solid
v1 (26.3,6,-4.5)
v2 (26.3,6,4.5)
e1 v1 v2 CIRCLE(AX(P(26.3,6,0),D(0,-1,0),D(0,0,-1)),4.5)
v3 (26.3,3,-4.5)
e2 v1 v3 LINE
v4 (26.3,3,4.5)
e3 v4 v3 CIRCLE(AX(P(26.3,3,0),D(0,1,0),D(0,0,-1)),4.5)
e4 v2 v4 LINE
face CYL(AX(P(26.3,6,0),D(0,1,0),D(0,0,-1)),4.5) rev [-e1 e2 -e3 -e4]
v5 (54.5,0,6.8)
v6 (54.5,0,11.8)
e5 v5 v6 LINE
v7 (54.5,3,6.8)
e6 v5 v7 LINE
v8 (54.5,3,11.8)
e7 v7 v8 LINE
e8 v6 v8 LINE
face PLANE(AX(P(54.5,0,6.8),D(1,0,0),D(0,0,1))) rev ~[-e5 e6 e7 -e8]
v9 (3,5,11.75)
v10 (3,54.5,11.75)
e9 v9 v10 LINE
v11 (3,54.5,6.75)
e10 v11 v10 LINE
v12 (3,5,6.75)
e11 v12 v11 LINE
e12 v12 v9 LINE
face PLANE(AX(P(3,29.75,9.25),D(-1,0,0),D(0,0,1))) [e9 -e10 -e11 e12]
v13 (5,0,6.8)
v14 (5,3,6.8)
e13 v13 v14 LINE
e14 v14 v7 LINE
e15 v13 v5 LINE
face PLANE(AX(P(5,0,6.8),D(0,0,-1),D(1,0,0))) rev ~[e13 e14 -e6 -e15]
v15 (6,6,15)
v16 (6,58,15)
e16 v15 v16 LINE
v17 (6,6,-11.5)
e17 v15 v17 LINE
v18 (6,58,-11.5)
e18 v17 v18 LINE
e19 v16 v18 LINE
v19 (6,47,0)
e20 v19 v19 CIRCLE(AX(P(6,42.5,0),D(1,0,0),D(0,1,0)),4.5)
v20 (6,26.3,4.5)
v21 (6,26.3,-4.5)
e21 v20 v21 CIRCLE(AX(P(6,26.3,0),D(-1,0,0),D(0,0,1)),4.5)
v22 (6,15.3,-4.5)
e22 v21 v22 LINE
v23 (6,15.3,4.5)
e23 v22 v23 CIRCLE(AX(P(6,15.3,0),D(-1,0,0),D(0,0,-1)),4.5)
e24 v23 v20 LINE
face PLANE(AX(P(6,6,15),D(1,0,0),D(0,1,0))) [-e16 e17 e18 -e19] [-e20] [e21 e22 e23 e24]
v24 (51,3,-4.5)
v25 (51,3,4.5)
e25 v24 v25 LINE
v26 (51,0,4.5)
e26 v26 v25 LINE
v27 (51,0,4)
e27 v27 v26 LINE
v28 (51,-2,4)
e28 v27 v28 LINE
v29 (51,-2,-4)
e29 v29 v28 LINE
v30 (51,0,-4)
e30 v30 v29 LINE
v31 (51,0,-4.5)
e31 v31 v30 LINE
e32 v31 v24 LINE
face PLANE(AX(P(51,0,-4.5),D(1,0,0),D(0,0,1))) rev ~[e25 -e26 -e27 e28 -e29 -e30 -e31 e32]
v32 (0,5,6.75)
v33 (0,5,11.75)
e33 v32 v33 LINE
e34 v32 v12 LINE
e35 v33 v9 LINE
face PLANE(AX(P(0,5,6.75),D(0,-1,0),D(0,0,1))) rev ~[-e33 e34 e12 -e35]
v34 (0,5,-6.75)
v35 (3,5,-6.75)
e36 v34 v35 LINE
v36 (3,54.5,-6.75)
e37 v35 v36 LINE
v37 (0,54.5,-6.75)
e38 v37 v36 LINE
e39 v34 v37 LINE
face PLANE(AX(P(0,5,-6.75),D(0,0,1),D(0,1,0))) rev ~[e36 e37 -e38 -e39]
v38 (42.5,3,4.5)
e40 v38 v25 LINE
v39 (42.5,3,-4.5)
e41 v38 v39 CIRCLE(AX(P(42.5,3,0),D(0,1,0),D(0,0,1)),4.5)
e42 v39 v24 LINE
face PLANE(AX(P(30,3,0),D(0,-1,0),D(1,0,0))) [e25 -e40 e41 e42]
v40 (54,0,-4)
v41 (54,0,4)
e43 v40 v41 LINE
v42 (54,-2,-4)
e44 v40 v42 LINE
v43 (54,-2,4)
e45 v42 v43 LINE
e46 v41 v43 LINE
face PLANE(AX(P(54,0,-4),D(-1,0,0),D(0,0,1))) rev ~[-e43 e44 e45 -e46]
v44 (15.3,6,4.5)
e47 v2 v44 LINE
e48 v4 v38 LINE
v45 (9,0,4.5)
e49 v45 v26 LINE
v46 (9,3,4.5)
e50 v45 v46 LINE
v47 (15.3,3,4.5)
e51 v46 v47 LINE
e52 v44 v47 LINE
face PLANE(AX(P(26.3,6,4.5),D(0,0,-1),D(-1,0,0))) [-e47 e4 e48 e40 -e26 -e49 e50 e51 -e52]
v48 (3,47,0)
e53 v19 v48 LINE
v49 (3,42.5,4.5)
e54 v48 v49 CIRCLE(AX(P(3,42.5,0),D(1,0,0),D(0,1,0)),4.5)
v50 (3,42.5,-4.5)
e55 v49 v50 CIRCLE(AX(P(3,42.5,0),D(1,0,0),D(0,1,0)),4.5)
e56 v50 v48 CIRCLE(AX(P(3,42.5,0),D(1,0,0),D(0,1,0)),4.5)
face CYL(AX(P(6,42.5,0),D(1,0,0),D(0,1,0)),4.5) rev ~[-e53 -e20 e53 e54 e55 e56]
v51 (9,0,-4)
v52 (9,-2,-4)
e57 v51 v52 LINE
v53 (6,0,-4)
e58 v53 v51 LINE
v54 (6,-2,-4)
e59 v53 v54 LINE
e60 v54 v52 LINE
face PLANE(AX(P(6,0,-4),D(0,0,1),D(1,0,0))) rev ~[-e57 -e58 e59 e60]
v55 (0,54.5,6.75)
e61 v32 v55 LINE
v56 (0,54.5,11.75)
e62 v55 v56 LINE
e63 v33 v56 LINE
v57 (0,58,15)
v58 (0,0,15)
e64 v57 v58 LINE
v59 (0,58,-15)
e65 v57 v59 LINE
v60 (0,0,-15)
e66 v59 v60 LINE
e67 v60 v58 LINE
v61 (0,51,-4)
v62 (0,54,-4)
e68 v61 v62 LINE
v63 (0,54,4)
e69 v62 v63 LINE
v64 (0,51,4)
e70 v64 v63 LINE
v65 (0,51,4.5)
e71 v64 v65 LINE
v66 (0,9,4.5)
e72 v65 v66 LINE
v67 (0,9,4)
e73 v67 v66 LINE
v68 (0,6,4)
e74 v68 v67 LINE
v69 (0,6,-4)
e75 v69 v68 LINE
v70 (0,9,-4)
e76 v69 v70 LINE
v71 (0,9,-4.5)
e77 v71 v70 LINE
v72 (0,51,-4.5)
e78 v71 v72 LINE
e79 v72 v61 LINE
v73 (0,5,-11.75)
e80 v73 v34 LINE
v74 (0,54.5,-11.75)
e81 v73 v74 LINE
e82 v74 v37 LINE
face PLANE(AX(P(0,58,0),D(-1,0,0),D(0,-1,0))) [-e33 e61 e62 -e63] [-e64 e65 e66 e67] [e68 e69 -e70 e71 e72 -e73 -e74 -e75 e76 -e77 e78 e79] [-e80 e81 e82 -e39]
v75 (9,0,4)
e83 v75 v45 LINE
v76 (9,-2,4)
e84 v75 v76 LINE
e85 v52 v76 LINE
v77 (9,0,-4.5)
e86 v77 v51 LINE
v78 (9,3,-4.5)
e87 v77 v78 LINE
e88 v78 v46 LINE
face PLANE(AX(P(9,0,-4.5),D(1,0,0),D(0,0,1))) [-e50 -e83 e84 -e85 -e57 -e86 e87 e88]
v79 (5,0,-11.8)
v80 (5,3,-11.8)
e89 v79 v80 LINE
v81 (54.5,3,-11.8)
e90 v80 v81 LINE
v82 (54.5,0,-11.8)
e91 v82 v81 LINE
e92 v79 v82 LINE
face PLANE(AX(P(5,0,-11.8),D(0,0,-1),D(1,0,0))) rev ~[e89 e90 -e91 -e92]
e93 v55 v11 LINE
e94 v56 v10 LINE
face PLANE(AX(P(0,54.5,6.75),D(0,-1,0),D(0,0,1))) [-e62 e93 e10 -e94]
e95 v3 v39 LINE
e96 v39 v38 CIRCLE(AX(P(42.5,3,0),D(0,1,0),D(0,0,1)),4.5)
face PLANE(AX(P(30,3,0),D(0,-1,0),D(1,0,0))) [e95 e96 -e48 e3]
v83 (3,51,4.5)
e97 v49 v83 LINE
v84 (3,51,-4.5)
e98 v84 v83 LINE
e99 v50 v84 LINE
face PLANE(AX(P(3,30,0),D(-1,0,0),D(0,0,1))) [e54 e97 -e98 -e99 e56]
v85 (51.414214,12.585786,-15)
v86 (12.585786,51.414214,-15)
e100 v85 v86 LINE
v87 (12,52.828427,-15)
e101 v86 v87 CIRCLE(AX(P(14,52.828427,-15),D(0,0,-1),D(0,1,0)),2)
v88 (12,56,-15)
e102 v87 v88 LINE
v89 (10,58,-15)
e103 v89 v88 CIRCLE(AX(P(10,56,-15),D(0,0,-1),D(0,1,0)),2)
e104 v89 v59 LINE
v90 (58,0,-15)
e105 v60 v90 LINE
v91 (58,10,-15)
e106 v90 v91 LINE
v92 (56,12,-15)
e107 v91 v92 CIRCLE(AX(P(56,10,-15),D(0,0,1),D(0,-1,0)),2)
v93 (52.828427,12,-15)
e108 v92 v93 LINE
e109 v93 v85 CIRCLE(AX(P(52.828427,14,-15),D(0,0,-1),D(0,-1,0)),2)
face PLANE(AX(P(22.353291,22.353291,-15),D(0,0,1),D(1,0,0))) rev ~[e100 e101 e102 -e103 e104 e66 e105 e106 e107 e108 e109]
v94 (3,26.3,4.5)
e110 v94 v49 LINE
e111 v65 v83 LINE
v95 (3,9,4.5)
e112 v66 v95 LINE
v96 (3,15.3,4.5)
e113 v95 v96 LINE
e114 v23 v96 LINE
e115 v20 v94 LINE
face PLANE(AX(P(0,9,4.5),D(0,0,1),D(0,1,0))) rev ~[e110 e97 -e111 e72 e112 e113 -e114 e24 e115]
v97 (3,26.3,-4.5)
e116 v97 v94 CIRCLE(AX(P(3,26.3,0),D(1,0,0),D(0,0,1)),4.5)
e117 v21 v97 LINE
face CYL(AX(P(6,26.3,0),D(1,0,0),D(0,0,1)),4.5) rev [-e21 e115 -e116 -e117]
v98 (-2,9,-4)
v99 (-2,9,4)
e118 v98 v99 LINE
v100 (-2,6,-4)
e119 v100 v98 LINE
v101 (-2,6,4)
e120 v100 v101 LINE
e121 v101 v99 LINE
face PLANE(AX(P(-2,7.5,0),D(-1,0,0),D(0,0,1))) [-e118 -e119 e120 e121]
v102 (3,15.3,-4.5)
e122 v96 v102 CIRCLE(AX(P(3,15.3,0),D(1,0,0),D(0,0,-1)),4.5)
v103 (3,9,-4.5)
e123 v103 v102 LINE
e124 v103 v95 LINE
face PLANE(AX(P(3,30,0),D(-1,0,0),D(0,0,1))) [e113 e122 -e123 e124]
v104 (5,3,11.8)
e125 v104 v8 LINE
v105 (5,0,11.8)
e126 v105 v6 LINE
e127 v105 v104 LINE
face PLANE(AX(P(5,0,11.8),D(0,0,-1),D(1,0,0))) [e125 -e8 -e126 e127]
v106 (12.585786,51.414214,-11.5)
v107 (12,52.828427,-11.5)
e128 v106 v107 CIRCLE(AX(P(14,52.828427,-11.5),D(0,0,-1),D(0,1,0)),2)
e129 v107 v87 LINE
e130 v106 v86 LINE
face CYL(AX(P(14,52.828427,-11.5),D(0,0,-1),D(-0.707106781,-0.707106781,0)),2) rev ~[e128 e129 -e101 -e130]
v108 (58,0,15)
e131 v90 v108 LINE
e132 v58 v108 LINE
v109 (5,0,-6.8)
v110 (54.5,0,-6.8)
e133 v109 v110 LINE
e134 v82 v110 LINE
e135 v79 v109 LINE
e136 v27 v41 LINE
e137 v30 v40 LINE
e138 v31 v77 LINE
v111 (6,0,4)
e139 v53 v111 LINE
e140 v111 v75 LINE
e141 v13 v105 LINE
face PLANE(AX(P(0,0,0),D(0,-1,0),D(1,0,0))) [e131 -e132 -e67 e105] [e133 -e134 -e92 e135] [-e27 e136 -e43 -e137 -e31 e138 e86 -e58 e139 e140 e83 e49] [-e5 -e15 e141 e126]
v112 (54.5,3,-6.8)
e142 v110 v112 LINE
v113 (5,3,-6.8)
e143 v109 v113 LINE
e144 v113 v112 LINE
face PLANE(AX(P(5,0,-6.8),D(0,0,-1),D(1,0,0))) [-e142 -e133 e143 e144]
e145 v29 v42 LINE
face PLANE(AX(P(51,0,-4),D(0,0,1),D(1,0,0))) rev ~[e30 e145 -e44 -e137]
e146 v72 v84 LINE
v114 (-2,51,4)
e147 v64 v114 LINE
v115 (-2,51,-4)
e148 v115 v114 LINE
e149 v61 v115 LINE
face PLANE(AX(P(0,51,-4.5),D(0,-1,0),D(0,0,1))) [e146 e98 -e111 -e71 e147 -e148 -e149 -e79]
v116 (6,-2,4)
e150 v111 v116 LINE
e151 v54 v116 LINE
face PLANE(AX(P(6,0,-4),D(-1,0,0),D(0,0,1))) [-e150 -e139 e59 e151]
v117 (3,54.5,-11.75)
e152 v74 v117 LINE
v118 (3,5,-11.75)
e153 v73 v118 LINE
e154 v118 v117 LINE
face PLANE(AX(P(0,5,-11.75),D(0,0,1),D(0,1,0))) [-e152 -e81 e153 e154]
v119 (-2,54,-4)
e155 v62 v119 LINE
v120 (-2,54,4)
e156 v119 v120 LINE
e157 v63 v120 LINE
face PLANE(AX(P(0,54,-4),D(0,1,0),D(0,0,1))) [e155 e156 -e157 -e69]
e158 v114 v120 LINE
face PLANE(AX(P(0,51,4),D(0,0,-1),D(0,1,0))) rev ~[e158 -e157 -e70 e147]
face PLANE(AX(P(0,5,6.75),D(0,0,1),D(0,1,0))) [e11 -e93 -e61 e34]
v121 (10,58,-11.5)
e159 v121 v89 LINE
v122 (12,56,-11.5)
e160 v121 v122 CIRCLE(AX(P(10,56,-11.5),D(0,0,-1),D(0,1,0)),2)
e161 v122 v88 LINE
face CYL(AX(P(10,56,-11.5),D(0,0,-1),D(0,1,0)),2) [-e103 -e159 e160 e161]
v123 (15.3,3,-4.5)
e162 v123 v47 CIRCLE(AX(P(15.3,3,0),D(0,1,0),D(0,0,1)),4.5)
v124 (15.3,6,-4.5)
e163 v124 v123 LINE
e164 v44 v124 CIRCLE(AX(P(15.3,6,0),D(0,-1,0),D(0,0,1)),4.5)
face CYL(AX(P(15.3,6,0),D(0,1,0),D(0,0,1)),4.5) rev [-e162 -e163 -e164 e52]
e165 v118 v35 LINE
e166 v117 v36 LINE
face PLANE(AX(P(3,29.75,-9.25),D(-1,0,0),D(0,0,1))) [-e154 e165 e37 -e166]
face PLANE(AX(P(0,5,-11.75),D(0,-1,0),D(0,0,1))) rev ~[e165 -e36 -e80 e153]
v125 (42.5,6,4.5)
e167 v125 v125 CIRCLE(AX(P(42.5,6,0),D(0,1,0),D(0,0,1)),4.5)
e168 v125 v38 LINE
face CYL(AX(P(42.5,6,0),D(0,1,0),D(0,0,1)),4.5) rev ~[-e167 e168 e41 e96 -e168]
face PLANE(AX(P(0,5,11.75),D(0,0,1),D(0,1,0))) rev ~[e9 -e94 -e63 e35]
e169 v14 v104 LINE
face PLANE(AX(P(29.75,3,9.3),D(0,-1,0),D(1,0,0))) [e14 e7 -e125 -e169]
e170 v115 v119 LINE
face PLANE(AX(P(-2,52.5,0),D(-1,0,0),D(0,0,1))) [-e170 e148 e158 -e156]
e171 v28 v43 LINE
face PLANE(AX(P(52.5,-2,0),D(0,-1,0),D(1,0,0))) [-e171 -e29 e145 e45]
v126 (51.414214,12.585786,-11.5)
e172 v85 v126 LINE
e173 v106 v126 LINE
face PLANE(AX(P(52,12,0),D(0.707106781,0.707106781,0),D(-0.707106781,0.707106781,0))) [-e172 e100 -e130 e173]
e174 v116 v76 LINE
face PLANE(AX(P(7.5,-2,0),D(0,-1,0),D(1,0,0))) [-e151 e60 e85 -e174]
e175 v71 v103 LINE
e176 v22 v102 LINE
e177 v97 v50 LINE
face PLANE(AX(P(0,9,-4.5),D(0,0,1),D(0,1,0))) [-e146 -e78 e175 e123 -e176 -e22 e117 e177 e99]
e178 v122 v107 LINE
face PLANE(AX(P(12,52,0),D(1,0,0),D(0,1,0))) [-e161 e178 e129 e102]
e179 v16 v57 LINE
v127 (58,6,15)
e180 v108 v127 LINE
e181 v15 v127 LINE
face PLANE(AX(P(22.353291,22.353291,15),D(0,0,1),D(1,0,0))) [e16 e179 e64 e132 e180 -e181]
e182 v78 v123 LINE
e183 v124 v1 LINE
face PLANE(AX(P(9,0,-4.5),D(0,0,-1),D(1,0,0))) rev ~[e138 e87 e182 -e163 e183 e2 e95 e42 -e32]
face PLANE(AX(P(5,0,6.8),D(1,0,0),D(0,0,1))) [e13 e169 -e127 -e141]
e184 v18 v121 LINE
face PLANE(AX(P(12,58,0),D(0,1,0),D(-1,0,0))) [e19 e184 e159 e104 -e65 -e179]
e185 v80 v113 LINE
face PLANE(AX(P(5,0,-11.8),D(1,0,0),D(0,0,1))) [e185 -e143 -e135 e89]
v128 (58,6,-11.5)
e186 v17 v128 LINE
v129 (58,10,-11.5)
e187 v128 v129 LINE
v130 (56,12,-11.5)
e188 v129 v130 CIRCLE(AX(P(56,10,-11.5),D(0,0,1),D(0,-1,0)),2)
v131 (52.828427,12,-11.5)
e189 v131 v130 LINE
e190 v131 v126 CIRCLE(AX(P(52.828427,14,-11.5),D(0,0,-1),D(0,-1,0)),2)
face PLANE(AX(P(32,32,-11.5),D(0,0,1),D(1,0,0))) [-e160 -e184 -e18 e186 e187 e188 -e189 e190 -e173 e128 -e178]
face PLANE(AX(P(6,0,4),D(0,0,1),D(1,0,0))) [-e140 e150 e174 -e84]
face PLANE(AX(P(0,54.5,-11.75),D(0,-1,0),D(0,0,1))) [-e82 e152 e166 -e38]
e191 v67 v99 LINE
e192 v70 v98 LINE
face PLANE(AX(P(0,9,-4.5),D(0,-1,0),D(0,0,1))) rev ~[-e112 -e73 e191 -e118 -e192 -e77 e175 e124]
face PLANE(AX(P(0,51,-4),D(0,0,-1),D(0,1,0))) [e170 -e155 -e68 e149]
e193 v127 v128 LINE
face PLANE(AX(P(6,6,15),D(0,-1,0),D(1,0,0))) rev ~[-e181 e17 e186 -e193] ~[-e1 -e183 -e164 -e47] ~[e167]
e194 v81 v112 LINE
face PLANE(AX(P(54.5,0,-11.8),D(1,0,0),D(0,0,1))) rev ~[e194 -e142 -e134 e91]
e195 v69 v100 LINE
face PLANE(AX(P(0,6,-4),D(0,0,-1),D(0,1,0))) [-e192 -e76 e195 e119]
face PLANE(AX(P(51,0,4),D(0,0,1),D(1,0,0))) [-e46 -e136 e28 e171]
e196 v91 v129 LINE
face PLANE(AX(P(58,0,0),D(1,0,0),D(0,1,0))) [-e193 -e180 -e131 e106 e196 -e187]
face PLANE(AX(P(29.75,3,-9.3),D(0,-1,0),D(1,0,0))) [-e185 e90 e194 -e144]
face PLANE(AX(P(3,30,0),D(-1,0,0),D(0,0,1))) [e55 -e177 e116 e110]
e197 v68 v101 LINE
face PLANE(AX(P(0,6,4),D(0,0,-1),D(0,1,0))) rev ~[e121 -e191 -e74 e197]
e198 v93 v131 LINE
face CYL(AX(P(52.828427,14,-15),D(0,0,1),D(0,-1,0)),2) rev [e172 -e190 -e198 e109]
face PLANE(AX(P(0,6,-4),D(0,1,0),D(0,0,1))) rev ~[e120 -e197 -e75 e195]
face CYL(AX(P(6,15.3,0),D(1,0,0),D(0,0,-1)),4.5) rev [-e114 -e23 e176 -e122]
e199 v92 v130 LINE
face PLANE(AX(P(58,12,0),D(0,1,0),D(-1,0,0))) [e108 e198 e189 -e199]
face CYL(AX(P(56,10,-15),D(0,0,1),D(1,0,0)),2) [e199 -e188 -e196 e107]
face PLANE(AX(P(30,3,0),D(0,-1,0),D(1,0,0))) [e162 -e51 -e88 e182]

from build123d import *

# Parameters (mm, degrees)
EXTRUDE_1_DEPTH      = 15
EXTRUDE_1_DEPTH_BACK = 15
SKETCH_3_W           = 52
SKETCH_3_H           = 52
CUT_EXTRUDE_1_DEPTH  = 26.5
FILLET_1_R           = 2
SKETCH_4_R           = 4.5
CUT_EXTRUDE_2_DEPTH  = 7
SKETCH_5_R           = 4.5
CUT_EXTRUDE_3_DEPTH  = 7
SKETCH_6_W           = 5
SKETCH_6_H           = 49.5
SKETCH_6_W_2         = 9
SKETCH_6_H_2         = 42
CUT_EXTRUDE_4_DEPTH  = 3
SKETCH_7_W           = 49.5
SKETCH_7_H           = 5
SKETCH_7_W_2         = 42
SKETCH_7_H_2         = 9
CUT_EXTRUDE_5_DEPTH  = 3
SKETCH_8_W           = 3
SKETCH_8_H           = 8
EXTRUDE_2_DEPTH      = 2
SKETCH_9_W           = 8
SKETCH_9_H           = 3
EXTRUDE_3_DEPTH      = 2


with BuildPart() as part:
    # Sketch 2 → Extrude 1 (new body, two sides)
    with BuildSketch(Plane.XY) as extrude_1_sk:
        Polygon((0, 58), (0, 0), (58, 0), (58, 12), (52, 12), (12, 52), (12, 58), align=None)
    extrude(amount=EXTRUDE_1_DEPTH)
    extrude(extrude_1_sk.sketch, amount=-EXTRUDE_1_DEPTH_BACK)

    # Sketch 3 → Cut-Extrude 1 (cut)
    with BuildSketch(Plane.XY.offset(15)):
        with Locations((32, 32)):
            Rectangle(SKETCH_3_W, SKETCH_3_H)
    extrude(amount=-CUT_EXTRUDE_1_DEPTH, mode=Mode.SUBTRACT)

    # Fillet 1
    fillet_1_edges = [part.edges().sort_by_distance(p)[0] for p in [
        (12, 58, -13.25),
        (12, 52, -13.25),
        (52, 12, -13.25),
        (58, 12, -13.25),
    ]]
    fillet(fillet_1_edges, radius=FILLET_1_R)

    # Sketch 4 → Cut-Extrude 2 (cut, through all)
    with BuildSketch(Plane(origin=(6, 0, 0), x_dir=(0, 0, -1), z_dir=(1, 0, 0))):
        with Locations(Location((0, 42.5, 0), (0, 0, 90))):  # turned: the seam where the file's is
            Circle(SKETCH_4_R)
        with BuildLine():
            Line((4.5, 26.3), (4.5, 15.3))
            ThreePointArc((4.5, 15.3), (0, 10.8), (-4.5, 15.3))
            Line((-4.5, 15.3), (-4.5, 26.3))
            ThreePointArc((-4.5, 26.3), (0, 30.8), (4.5, 26.3))
        make_face()
    extrude(amount=-CUT_EXTRUDE_2_DEPTH, mode=Mode.SUBTRACT)

    # Sketch 5 → Cut-Extrude 3 (cut, through all)
    with BuildSketch(Plane(origin=(0, 6, 0), x_dir=(1, 0, 0), z_dir=(0, 1, 0))):
        with Locations(Location((42.5, 0, 0), (0, 0, 270))):  # turned: the seam where the file's is
            Circle(SKETCH_5_R)
        with BuildLine():
            Line((15.3, 4.5), (26.3, 4.5))
            ThreePointArc((26.3, 4.5), (30.8, 0), (26.3, -4.5))
            Line((26.3, -4.5), (15.3, -4.5))
            ThreePointArc((15.3, -4.5), (10.8, 0), (15.3, 4.5))
        make_face()
    extrude(amount=-CUT_EXTRUDE_3_DEPTH, mode=Mode.SUBTRACT)

    # Sketch 6 → Cut-Extrude 4 (cut)
    with BuildSketch(Plane.ZY):
        with Locations((-9.25, 29.75)):
            Rectangle(SKETCH_6_W, SKETCH_6_H)
        with Locations((9.25, 29.75)):
            Rectangle(SKETCH_6_W, SKETCH_6_H)
        with Locations((0, 30)):
            Rectangle(SKETCH_6_W_2, SKETCH_6_H_2)
    extrude(amount=-CUT_EXTRUDE_4_DEPTH, mode=Mode.SUBTRACT)

    # Sketch 7 → Cut-Extrude 5 (cut)
    with BuildSketch(Plane.XZ):
        with Locations((29.75, 9.3)):
            Rectangle(SKETCH_7_W, SKETCH_7_H)
        with Locations((29.75, -9.3)):
            Rectangle(SKETCH_7_W, SKETCH_7_H)
        with Locations((30, 0)):
            Rectangle(SKETCH_7_W_2, SKETCH_7_H_2)
    extrude(amount=-CUT_EXTRUDE_5_DEPTH, mode=Mode.SUBTRACT)

    # Sketch 8 → Extrude 2 (add)
    with BuildSketch(Plane.XZ):
        with Locations((7.5, 0)):
            Rectangle(SKETCH_8_W, SKETCH_8_H)
        with Locations((52.5, 0)):
            Rectangle(SKETCH_8_W, SKETCH_8_H)
    extrude(amount=EXTRUDE_2_DEPTH)

    # Sketch 9 → Extrude 3 (add)
    with BuildSketch(Plane.ZY):
        with Locations((0, 52.5)):
            Rectangle(SKETCH_9_W, SKETCH_9_H)
        with Locations((0, 7.5)):
            Rectangle(SKETCH_9_W, SKETCH_9_H)
    extrude(amount=EXTRUDE_3_DEPTH)


solid = part.part
